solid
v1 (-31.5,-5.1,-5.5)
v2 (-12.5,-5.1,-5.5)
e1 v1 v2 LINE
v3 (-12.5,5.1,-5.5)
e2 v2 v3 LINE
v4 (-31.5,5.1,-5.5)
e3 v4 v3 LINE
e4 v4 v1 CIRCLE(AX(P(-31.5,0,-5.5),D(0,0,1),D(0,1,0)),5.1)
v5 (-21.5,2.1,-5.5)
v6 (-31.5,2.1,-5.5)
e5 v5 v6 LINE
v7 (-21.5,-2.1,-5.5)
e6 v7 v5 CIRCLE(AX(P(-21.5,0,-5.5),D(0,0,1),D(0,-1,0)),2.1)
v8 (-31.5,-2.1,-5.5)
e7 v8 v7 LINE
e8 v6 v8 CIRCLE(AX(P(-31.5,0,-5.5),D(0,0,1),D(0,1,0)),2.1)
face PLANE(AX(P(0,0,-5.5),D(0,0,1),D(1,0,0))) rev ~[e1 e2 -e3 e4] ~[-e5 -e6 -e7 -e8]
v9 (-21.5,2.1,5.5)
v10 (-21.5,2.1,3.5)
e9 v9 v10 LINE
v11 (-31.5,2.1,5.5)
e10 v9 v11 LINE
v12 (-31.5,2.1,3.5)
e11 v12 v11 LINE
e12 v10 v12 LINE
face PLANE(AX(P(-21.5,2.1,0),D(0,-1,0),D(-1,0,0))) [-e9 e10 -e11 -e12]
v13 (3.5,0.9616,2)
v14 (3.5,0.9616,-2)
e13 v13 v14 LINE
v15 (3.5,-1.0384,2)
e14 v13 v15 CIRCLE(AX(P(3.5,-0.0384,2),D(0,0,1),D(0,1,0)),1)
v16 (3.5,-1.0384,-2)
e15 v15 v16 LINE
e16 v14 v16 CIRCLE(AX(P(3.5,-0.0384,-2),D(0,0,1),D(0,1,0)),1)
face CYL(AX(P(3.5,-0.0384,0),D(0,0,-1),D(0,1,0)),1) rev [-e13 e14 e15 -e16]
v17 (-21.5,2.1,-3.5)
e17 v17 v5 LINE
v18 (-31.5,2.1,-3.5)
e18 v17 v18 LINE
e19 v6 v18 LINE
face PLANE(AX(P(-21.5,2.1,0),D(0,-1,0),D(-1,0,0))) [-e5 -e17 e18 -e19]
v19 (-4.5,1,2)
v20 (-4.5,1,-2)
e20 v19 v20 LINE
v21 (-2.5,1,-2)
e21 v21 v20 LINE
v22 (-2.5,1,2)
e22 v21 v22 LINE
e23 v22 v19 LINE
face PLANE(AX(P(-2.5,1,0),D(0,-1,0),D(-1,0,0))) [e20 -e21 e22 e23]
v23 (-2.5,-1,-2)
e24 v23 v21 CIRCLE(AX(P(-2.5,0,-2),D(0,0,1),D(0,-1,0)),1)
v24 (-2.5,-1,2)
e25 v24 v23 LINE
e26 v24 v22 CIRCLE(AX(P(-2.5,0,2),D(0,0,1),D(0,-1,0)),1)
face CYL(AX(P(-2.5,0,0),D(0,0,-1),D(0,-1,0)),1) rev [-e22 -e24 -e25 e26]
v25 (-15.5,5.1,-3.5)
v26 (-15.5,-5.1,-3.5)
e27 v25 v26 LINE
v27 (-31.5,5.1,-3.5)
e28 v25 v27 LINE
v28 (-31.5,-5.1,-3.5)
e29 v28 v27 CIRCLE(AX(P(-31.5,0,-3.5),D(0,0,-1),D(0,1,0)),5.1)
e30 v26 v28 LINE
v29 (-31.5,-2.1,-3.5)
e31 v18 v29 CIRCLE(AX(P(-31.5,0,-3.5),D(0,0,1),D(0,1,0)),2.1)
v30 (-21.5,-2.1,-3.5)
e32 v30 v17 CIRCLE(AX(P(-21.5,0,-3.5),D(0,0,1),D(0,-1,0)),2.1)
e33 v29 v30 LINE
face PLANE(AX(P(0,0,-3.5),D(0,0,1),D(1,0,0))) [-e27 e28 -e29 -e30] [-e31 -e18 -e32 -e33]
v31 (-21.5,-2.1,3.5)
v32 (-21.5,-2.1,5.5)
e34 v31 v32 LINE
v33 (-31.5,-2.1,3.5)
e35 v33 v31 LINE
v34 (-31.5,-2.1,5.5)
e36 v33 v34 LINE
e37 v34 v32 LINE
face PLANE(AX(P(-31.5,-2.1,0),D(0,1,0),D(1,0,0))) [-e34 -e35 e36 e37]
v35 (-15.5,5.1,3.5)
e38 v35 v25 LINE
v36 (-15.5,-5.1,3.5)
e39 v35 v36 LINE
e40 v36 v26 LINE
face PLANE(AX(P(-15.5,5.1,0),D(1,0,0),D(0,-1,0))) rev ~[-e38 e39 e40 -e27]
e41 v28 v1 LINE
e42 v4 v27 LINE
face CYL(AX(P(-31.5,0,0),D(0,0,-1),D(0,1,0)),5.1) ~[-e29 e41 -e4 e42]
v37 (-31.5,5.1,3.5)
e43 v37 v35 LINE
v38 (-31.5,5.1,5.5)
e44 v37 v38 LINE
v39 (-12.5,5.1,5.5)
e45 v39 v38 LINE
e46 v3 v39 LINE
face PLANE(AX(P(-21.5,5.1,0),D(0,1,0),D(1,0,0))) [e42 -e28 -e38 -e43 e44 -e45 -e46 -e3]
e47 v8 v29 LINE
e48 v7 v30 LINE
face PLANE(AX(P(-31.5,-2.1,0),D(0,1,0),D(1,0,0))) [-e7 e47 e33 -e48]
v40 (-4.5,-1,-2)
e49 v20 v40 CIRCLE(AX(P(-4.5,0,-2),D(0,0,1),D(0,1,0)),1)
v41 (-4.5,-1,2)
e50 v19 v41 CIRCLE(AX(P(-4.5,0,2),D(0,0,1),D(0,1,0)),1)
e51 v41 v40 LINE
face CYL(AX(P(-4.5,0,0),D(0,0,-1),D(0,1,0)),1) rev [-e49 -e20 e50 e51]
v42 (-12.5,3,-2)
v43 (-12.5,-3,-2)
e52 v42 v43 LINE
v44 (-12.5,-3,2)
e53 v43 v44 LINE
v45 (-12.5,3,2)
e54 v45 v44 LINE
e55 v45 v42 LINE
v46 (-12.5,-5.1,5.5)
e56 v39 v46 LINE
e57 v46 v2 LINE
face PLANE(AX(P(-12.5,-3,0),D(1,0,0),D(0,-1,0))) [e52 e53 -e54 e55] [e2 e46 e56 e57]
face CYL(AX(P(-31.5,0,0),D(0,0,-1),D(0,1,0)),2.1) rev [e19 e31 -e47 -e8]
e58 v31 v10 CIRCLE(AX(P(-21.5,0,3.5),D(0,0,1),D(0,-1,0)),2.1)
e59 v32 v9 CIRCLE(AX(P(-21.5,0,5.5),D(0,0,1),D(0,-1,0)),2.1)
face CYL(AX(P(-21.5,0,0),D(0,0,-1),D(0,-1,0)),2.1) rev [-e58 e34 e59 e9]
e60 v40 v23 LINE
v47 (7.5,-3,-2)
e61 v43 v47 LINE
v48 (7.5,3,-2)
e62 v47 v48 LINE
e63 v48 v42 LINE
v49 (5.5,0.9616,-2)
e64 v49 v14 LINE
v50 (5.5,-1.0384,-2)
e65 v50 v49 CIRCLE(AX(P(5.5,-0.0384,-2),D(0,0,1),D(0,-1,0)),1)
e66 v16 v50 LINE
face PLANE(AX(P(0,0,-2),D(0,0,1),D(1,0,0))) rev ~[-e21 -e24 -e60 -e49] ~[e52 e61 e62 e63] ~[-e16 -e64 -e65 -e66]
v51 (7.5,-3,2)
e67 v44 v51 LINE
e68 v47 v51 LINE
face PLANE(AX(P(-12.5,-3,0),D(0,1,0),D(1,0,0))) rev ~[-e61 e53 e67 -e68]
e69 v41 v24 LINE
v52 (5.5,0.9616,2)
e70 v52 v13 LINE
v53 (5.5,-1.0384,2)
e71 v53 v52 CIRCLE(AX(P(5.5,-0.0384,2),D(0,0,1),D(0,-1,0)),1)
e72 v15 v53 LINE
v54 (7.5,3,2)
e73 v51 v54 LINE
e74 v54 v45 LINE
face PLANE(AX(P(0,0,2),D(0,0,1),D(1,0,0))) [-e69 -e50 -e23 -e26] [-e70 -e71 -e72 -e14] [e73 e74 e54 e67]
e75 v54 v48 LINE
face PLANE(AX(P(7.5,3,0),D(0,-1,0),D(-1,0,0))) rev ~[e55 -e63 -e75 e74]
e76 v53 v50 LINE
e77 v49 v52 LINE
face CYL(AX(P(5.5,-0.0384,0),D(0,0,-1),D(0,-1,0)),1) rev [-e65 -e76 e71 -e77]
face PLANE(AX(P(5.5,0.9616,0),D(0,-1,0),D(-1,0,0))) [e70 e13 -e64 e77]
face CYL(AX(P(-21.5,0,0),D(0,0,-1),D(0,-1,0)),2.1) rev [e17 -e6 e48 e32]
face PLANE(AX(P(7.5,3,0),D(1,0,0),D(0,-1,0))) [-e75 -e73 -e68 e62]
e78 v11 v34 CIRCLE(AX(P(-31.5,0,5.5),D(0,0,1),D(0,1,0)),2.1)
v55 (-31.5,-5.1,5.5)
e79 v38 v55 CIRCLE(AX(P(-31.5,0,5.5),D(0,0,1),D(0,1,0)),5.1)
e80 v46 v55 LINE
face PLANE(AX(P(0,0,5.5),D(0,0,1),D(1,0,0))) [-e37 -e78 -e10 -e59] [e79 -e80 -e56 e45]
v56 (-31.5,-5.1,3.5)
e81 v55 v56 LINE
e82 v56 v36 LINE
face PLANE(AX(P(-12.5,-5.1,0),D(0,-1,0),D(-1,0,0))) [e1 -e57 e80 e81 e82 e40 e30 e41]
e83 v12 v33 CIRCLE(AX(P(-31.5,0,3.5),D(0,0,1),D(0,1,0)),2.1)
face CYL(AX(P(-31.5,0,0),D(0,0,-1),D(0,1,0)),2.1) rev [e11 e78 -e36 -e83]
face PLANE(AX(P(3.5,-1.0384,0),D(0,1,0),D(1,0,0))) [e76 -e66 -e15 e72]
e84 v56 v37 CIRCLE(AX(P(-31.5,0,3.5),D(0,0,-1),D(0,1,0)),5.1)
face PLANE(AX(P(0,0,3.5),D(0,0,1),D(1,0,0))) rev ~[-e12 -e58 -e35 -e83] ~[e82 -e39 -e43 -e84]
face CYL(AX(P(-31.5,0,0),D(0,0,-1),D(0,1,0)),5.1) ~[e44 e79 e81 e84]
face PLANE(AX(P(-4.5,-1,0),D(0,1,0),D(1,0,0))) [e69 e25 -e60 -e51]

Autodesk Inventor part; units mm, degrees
ref_plane "YZ Plane" through (0, 0, 0) normal (1, 0, 0) x (0, 1, 0)
ref_plane "XZ Plane" through (0, 0, 0) normal (0, 1, 0) x (-1, 0, 0)
ref_plane "XY Plane" through (0, 0, 0) normal (0, 0, 1) x (1, 0, 0)
sketch "草圖17" plane through (0, 0, 0) normal (0, 0, 1) x (1, 0, 0)
  line L0 (-12.5, -3) -> (12.5, -3)
  line L1 (12.5, -3) -> (12.5, 3)
  line L2 (12.5, 3) -> (-12.5, 3)
  line L3 (-12.5, 3) -> (-12.5, -3)
  line L4 (-12.5, -3) -> (12.5, 3) construction
  line L5 (12.5, -3) -> (-12.5, 3) construction
  line L6 (0, 0) -> (-6.6625, 0) construction
  circle A0 centre (9.5, 0) radius 2
  line L7 (-2.5, 0) -> (-4.5, 0) construction
  line L8 (-2.5, 1) -> (-4.5, 1)
  line L9 (-4.5, -1) -> (-2.5, -1)
  arc A1 (-2.5, -1) -> (-2.5, 1) centre (-2.5, 0) ccw
  arc A2 (-4.5, 1) -> (-4.5, -1) centre (-4.5, 0) ccw
  line L10 (5.5, -0.0384) -> (3.5, -0.0384) construction
  line L11 (5.5, 0.9616) -> (3.5, 0.9616)
  line L12 (3.5, -1.0384) -> (5.5, -1.0384)
  arc A3 (5.5, -1.0384) -> (5.5, 0.9616) centre (5.5, -0.0384) ccw
  arc A4 (3.5, 0.9616) -> (3.5, -1.0384) centre (3.5, -0.0384) ccw
  line L13 (7.5, 3) -> (7.5, -3)
  point P0 (-3.5, 0)
  point P1 (4.5, -0.0384)
  dimension "d166" = 25
  dimension "d167" = 6
  dimension "d170" = 4
  dimension "d171" = 3
  dimension "d173" = 2
  dimension "d174" = 12
  dimension "d175" = 2
  dimension "d190" = 4
  dimension "d191" = 2
  dimension "d192" = 2
extrude "擠出18" add sketch "草圖17" along normal mid plane 4 contours L3 L2 L13 L0
sketch "草圖18" plane through (0, 0, 0) normal (0, 0, 1) x (1, 0, 0)
  line L0 (7.5, -3) -> (-12.5, -3) projected
  line L1 (-12.5, -3) -> (-12.5, 3) projected
  line L2 (-12.5, 3) -> (7.5, 3) projected
  arc A0 (-2.5, -1) -> (-2.5, 1) centre (-2.5, 0) ccw projected
  line L3 (-2.5, 1) -> (-4.5, 1) projected
  arc A1 (-4.5, 1) -> (-4.5, -1) centre (-4.5, 0) ccw projected
  line L4 (-4.5, -1) -> (-2.5, -1) projected
  line L5 (-12.5, -5.1) -> (-21.5, -5.1)
  line L6 (-21.5, -5.1) -> (-21.5, 5.1)
  line L7 (-21.5, 5.1) -> (-12.5, 5.1)
  line L8 (-12.5, 5.1) -> (-12.5, -5.1)
  line L9 (-12.5, -5.1) -> (-21.5, 5.1) construction
  line L10 (-21.5, -5.1) -> (-12.5, 5.1) construction
  arc A2 (-2.5, -1) -> (-2.5, 1) centre (-2.5, 0) ccw construction
  line L11 (-2.5, 0) -> (-4.5, 0) construction
  line L12 (-21.5, 0) -> (-31.5, 0) construction
  line L13 (-21.5, 2.1) -> (-31.5, 2.1)
  line L14 (-31.5, -2.1) -> (-21.5, -2.1)
  arc A3 (-21.5, -2.1) -> (-21.5, 2.1) centre (-21.5, 0) ccw
  arc A4 (-31.5, 2.1) -> (-31.5, -2.1) centre (-31.5, 0) ccw
  line L15 (-31.5, 5.1) -> (-21.5, 5.1)
  arc A5 (-21.5, -5.1) -> (-21.5, 5.1) centre (-21.5, 0) ccw
  line L16 (-21.5, -5.1) -> (-31.5, -5.1)
  arc A6 (-31.5, 5.1) -> (-31.5, -5.1) centre (-31.5, 0) ccw
  line L17 (-12.5, -3) -> (-12.5, 3) construction
  line L18 (7.5, 3) -> (7.5, -3) projected
  point P0 (0, 0)
  point P1 (-17, 0)
  point P2 (-26.5, 0)
  dimension "d181" = 2.1
  dimension "d182" = 10
  dimension "d183" = 3
  dimension "d189" = 9
extrude "擠出19" add sketch "草圖18" along normal mid plane 11 contours L8 L5 A5 L7 L1 | L16 A6 L15 L6 L13 A4 L14 | L6 A3 A5
sketch "草圖19" plane through (0, 0, 0) normal (0, 0, 1) x (1, 0, 0)
  arc A0 (-31.5, 5.1) -> (-31.5, -5.1) centre (-31.5, 0) ccw projected
  line L0 (-31.5, 5.1) -> (-12.5, 5.1) projected
  line L1 (-12.5, 5.1) -> (-12.5, -5.1) projected
  line L2 (-12.5, -5.1) -> (-31.5, -5.1) projected
  arc A1 (-21.5, -2.1) -> (-21.5, 2.1) centre (-21.5, 0) ccw projected
  line L3 (-21.5, 2.1) -> (-31.5, 2.1) projected
  arc A2 (-31.5, 2.1) -> (-31.5, -2.1) centre (-31.5, 0) ccw projected
  line L4 (-31.5, -2.1) -> (-21.5, -2.1) projected
  line L5 (-15.5, -5.1) -> (-45.605, -5.1)
  line L6 (-45.605, -5.1) -> (-45.605, 5.1)
  line L7 (-45.605, 5.1) -> (-15.5, 5.1)
  line L8 (-15.5, 5.1) -> (-15.5, -5.1)
  line L9 (-31.5, 5.1) -> (-12.5, 5.1) projected
  point P0 (0, 0)
  point P1 (-15.5, 5.1)
  dimension "d186" = 3
extrude "擠出20" cut sketch "草圖19" along normal mid plane 7 contours L0 L8 L2 A0 | A0 L5 L6 L7
sketch "草圖20" plane through (7.5, 3, 2) normal (0, 1, 0) x (1, 0, 0)
  line L0 (0, 0) -> (-20, 0) projected
  line L1 (-20, 0) -> (0, 0)
  line L2 (0, 4) -> (0, 0) projected
  point P0 (-7.5, 2)
  dimension "d193" = 20
  dimension "d194" = 0
extrude "擠出21" [suppressed]
properties part number "fan_holder_0301"
